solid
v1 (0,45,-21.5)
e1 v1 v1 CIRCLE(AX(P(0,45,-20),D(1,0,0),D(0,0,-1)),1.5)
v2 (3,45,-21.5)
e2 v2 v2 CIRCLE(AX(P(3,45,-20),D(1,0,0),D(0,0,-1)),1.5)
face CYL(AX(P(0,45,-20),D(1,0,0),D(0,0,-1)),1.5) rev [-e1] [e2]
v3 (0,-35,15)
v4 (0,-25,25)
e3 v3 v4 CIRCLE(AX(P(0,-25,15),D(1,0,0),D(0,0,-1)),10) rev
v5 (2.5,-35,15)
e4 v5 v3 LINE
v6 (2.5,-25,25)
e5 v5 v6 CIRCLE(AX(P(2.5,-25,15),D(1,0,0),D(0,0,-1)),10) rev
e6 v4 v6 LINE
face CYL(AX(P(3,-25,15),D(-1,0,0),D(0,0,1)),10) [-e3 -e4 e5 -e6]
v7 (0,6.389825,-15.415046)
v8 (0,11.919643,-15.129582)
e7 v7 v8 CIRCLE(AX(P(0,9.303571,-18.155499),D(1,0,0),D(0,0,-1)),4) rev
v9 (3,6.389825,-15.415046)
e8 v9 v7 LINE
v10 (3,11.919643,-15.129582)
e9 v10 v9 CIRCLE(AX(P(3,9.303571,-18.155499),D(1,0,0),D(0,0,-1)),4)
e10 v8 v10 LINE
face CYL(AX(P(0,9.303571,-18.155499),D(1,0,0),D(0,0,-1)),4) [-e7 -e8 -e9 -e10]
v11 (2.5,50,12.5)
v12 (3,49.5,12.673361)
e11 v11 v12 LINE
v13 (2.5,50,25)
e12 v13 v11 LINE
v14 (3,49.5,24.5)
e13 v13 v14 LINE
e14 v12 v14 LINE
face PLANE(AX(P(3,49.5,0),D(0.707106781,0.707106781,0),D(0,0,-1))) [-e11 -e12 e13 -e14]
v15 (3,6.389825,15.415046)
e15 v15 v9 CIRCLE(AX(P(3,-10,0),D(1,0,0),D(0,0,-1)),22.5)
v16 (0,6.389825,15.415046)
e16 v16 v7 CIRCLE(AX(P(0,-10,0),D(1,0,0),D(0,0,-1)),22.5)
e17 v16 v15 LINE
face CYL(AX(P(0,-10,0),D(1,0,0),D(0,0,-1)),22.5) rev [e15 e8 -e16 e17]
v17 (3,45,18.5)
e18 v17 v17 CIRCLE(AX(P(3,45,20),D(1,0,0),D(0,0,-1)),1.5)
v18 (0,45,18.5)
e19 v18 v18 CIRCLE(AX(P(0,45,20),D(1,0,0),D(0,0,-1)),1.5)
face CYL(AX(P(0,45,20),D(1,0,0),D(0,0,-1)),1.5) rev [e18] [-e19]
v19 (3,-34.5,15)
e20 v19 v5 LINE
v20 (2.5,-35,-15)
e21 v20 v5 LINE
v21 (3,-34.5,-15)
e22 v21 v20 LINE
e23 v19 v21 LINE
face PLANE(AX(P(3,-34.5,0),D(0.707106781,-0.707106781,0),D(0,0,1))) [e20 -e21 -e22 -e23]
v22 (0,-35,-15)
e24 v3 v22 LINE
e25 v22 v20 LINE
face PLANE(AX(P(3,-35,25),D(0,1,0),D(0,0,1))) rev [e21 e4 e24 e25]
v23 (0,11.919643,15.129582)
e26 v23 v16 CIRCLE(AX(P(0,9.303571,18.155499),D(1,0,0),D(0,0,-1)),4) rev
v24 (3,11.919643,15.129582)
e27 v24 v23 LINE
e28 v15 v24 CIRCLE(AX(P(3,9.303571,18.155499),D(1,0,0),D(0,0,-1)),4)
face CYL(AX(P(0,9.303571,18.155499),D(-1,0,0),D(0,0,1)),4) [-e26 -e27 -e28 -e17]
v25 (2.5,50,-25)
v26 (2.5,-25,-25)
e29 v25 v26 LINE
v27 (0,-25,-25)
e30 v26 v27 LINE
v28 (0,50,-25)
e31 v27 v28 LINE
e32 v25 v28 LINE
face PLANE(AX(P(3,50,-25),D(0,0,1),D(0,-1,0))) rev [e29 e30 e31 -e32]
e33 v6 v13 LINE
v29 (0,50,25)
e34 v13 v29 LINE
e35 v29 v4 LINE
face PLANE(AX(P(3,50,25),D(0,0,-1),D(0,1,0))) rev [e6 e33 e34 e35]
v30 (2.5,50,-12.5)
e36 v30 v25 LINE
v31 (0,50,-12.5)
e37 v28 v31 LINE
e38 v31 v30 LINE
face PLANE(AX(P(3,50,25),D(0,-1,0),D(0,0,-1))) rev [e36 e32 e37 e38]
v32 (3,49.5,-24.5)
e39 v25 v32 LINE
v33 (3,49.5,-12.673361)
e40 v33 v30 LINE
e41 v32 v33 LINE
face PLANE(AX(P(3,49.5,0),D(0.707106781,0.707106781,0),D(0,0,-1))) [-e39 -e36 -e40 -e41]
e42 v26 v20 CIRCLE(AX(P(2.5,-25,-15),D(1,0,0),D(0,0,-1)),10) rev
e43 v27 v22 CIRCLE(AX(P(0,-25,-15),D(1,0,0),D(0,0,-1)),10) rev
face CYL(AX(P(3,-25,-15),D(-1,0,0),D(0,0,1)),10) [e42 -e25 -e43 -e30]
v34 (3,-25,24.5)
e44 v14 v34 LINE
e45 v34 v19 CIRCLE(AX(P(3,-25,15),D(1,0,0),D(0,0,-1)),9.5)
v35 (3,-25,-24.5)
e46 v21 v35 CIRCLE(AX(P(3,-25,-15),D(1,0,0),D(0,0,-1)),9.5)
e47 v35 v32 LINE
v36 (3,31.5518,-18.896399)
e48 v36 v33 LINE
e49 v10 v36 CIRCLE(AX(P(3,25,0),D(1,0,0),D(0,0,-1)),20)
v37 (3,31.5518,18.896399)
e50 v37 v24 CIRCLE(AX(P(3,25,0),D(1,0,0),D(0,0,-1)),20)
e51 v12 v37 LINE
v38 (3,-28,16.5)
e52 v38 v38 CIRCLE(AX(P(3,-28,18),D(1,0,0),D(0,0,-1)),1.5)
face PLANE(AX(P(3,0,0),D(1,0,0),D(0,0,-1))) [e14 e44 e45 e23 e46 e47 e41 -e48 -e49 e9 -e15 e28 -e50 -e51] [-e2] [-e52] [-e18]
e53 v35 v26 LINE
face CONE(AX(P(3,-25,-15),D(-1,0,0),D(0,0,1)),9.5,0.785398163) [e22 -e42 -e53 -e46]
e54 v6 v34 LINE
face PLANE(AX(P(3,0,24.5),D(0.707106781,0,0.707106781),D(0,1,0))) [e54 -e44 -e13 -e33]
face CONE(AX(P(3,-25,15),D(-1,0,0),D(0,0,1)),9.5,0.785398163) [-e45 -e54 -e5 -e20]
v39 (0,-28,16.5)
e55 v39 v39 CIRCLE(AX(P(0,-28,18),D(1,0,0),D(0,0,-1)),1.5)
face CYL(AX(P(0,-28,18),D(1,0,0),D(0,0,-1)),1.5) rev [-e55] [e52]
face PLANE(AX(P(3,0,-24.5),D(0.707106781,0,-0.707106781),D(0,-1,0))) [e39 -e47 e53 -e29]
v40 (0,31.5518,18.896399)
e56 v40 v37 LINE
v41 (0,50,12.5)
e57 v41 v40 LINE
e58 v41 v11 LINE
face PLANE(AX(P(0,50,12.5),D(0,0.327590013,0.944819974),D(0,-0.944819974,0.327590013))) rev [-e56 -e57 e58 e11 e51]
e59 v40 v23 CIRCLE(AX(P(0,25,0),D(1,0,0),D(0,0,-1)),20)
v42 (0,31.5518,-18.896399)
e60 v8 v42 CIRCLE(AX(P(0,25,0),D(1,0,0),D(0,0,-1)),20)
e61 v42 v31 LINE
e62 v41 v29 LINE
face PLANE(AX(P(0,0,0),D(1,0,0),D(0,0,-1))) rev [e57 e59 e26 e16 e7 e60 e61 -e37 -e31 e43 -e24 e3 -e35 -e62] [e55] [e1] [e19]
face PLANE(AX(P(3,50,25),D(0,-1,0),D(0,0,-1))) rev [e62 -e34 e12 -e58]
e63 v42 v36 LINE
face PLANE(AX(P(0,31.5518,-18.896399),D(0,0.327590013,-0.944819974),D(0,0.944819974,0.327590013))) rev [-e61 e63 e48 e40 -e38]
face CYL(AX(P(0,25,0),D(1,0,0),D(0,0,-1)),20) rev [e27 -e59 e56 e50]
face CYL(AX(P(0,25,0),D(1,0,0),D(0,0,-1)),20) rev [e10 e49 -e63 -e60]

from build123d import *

# Parameters (mm, degrees)
SKETCH_1_W          = 50
SKETCH_1_H          = 85
EXTRUDE_1_DEPTH     = 3
FILLET_2_R          = 10
SKETCH_4_R          = 1.5
CUT_EXTRUDE_1_DEPTH = 3
CHAMFER_1_SIZE      = 0.5
CUT_EXTRUDE_3_DEPTH = 3
SKETCH_7_R          = 22.5
CUT_EXTRUDE_4_DEPTH = 3
FILLET_4_R          = 4


with BuildPart() as part:
    # 草图1 → 凸台-拉伸1 (new body)
    with BuildSketch(Plane(origin=(0, 0, 0), x_dir=(0, 0, -1), z_dir=(1, 0, 0))):
        with Locations((0, 7.5)):
            Rectangle(SKETCH_1_W, SKETCH_1_H)
    extrude(amount=EXTRUDE_1_DEPTH)

    # 圆角2
    fillet_2_edges = [part.edges().sort_by_distance(p)[0] for p in [
        (1.5, -35, -25),
        (1.5, -35, 25),
    ]]
    fillet(fillet_2_edges, radius=FILLET_2_R)

    # 草图4 → 切除-拉伸1 (cut)
    with BuildSketch(Plane(origin=(3, 0, 0), x_dir=(0, 0, -1), z_dir=(1, 0, 0))):
        with Locations((20, 45)):
            Circle(SKETCH_4_R)
        with Locations((-20, 45)):
            Circle(SKETCH_4_R)
        with Locations((-18, -28)):
            Circle(SKETCH_4_R)
    extrude(amount=-CUT_EXTRUDE_1_DEPTH, mode=Mode.SUBTRACT)

    # 倒角1
    chamfer_1_edges = [part.edges().sort_by_distance(p)[0] for p in [
        (3, 12.5, -25),
        (3, 50, 0),
        (3, -35, 0),
        (3, -32.071067812, 22.071067812),
        (3, -32.071067812, -22.071067812),
        (3, 12.5, 25),
    ]]
    chamfer(chamfer_1_edges, length=CHAMFER_1_SIZE)

    # 草图6 → 切除-拉伸3 (cut)
    with BuildSketch(Plane(origin=(3, 0, 0), x_dir=(0, 0, -1), z_dir=(1, 0, 0))):
        with BuildLine():
            Line((-12.5, 50), (12.5, 50))
            Line((12.5, 50), (18.896399481, 31.551800259))
            ThreePointArc((18.896399481, 31.551800259), (0, 5), (-18.896399481, 31.551800259))
            Line((-18.896399481, 31.551800259), (-12.5, 50))
        make_face()
    extrude(amount=-CUT_EXTRUDE_3_DEPTH, mode=Mode.SUBTRACT)

    # 草图7 → 切除-拉伸4 (cut)
    with BuildSketch(Plane(origin=(3, 0, 0), x_dir=(0, 0, -1), z_dir=(1, 0, 0))):
        with Locations((0, -10)):
            Circle(SKETCH_7_R)
    extrude(amount=-CUT_EXTRUDE_4_DEPTH, mode=Mode.SUBTRACT)

    # 圆角4
    fillet_4_edges = [part.edges().sort_by_distance(p)[0] for p in [
        (1.5, 9.017857143, 12.02377269),
        (1.5, 9.017857143, -12.02377269),
    ]]
    fillet(fillet_4_edges, radius=FILLET_4_R)


solid = part.part
